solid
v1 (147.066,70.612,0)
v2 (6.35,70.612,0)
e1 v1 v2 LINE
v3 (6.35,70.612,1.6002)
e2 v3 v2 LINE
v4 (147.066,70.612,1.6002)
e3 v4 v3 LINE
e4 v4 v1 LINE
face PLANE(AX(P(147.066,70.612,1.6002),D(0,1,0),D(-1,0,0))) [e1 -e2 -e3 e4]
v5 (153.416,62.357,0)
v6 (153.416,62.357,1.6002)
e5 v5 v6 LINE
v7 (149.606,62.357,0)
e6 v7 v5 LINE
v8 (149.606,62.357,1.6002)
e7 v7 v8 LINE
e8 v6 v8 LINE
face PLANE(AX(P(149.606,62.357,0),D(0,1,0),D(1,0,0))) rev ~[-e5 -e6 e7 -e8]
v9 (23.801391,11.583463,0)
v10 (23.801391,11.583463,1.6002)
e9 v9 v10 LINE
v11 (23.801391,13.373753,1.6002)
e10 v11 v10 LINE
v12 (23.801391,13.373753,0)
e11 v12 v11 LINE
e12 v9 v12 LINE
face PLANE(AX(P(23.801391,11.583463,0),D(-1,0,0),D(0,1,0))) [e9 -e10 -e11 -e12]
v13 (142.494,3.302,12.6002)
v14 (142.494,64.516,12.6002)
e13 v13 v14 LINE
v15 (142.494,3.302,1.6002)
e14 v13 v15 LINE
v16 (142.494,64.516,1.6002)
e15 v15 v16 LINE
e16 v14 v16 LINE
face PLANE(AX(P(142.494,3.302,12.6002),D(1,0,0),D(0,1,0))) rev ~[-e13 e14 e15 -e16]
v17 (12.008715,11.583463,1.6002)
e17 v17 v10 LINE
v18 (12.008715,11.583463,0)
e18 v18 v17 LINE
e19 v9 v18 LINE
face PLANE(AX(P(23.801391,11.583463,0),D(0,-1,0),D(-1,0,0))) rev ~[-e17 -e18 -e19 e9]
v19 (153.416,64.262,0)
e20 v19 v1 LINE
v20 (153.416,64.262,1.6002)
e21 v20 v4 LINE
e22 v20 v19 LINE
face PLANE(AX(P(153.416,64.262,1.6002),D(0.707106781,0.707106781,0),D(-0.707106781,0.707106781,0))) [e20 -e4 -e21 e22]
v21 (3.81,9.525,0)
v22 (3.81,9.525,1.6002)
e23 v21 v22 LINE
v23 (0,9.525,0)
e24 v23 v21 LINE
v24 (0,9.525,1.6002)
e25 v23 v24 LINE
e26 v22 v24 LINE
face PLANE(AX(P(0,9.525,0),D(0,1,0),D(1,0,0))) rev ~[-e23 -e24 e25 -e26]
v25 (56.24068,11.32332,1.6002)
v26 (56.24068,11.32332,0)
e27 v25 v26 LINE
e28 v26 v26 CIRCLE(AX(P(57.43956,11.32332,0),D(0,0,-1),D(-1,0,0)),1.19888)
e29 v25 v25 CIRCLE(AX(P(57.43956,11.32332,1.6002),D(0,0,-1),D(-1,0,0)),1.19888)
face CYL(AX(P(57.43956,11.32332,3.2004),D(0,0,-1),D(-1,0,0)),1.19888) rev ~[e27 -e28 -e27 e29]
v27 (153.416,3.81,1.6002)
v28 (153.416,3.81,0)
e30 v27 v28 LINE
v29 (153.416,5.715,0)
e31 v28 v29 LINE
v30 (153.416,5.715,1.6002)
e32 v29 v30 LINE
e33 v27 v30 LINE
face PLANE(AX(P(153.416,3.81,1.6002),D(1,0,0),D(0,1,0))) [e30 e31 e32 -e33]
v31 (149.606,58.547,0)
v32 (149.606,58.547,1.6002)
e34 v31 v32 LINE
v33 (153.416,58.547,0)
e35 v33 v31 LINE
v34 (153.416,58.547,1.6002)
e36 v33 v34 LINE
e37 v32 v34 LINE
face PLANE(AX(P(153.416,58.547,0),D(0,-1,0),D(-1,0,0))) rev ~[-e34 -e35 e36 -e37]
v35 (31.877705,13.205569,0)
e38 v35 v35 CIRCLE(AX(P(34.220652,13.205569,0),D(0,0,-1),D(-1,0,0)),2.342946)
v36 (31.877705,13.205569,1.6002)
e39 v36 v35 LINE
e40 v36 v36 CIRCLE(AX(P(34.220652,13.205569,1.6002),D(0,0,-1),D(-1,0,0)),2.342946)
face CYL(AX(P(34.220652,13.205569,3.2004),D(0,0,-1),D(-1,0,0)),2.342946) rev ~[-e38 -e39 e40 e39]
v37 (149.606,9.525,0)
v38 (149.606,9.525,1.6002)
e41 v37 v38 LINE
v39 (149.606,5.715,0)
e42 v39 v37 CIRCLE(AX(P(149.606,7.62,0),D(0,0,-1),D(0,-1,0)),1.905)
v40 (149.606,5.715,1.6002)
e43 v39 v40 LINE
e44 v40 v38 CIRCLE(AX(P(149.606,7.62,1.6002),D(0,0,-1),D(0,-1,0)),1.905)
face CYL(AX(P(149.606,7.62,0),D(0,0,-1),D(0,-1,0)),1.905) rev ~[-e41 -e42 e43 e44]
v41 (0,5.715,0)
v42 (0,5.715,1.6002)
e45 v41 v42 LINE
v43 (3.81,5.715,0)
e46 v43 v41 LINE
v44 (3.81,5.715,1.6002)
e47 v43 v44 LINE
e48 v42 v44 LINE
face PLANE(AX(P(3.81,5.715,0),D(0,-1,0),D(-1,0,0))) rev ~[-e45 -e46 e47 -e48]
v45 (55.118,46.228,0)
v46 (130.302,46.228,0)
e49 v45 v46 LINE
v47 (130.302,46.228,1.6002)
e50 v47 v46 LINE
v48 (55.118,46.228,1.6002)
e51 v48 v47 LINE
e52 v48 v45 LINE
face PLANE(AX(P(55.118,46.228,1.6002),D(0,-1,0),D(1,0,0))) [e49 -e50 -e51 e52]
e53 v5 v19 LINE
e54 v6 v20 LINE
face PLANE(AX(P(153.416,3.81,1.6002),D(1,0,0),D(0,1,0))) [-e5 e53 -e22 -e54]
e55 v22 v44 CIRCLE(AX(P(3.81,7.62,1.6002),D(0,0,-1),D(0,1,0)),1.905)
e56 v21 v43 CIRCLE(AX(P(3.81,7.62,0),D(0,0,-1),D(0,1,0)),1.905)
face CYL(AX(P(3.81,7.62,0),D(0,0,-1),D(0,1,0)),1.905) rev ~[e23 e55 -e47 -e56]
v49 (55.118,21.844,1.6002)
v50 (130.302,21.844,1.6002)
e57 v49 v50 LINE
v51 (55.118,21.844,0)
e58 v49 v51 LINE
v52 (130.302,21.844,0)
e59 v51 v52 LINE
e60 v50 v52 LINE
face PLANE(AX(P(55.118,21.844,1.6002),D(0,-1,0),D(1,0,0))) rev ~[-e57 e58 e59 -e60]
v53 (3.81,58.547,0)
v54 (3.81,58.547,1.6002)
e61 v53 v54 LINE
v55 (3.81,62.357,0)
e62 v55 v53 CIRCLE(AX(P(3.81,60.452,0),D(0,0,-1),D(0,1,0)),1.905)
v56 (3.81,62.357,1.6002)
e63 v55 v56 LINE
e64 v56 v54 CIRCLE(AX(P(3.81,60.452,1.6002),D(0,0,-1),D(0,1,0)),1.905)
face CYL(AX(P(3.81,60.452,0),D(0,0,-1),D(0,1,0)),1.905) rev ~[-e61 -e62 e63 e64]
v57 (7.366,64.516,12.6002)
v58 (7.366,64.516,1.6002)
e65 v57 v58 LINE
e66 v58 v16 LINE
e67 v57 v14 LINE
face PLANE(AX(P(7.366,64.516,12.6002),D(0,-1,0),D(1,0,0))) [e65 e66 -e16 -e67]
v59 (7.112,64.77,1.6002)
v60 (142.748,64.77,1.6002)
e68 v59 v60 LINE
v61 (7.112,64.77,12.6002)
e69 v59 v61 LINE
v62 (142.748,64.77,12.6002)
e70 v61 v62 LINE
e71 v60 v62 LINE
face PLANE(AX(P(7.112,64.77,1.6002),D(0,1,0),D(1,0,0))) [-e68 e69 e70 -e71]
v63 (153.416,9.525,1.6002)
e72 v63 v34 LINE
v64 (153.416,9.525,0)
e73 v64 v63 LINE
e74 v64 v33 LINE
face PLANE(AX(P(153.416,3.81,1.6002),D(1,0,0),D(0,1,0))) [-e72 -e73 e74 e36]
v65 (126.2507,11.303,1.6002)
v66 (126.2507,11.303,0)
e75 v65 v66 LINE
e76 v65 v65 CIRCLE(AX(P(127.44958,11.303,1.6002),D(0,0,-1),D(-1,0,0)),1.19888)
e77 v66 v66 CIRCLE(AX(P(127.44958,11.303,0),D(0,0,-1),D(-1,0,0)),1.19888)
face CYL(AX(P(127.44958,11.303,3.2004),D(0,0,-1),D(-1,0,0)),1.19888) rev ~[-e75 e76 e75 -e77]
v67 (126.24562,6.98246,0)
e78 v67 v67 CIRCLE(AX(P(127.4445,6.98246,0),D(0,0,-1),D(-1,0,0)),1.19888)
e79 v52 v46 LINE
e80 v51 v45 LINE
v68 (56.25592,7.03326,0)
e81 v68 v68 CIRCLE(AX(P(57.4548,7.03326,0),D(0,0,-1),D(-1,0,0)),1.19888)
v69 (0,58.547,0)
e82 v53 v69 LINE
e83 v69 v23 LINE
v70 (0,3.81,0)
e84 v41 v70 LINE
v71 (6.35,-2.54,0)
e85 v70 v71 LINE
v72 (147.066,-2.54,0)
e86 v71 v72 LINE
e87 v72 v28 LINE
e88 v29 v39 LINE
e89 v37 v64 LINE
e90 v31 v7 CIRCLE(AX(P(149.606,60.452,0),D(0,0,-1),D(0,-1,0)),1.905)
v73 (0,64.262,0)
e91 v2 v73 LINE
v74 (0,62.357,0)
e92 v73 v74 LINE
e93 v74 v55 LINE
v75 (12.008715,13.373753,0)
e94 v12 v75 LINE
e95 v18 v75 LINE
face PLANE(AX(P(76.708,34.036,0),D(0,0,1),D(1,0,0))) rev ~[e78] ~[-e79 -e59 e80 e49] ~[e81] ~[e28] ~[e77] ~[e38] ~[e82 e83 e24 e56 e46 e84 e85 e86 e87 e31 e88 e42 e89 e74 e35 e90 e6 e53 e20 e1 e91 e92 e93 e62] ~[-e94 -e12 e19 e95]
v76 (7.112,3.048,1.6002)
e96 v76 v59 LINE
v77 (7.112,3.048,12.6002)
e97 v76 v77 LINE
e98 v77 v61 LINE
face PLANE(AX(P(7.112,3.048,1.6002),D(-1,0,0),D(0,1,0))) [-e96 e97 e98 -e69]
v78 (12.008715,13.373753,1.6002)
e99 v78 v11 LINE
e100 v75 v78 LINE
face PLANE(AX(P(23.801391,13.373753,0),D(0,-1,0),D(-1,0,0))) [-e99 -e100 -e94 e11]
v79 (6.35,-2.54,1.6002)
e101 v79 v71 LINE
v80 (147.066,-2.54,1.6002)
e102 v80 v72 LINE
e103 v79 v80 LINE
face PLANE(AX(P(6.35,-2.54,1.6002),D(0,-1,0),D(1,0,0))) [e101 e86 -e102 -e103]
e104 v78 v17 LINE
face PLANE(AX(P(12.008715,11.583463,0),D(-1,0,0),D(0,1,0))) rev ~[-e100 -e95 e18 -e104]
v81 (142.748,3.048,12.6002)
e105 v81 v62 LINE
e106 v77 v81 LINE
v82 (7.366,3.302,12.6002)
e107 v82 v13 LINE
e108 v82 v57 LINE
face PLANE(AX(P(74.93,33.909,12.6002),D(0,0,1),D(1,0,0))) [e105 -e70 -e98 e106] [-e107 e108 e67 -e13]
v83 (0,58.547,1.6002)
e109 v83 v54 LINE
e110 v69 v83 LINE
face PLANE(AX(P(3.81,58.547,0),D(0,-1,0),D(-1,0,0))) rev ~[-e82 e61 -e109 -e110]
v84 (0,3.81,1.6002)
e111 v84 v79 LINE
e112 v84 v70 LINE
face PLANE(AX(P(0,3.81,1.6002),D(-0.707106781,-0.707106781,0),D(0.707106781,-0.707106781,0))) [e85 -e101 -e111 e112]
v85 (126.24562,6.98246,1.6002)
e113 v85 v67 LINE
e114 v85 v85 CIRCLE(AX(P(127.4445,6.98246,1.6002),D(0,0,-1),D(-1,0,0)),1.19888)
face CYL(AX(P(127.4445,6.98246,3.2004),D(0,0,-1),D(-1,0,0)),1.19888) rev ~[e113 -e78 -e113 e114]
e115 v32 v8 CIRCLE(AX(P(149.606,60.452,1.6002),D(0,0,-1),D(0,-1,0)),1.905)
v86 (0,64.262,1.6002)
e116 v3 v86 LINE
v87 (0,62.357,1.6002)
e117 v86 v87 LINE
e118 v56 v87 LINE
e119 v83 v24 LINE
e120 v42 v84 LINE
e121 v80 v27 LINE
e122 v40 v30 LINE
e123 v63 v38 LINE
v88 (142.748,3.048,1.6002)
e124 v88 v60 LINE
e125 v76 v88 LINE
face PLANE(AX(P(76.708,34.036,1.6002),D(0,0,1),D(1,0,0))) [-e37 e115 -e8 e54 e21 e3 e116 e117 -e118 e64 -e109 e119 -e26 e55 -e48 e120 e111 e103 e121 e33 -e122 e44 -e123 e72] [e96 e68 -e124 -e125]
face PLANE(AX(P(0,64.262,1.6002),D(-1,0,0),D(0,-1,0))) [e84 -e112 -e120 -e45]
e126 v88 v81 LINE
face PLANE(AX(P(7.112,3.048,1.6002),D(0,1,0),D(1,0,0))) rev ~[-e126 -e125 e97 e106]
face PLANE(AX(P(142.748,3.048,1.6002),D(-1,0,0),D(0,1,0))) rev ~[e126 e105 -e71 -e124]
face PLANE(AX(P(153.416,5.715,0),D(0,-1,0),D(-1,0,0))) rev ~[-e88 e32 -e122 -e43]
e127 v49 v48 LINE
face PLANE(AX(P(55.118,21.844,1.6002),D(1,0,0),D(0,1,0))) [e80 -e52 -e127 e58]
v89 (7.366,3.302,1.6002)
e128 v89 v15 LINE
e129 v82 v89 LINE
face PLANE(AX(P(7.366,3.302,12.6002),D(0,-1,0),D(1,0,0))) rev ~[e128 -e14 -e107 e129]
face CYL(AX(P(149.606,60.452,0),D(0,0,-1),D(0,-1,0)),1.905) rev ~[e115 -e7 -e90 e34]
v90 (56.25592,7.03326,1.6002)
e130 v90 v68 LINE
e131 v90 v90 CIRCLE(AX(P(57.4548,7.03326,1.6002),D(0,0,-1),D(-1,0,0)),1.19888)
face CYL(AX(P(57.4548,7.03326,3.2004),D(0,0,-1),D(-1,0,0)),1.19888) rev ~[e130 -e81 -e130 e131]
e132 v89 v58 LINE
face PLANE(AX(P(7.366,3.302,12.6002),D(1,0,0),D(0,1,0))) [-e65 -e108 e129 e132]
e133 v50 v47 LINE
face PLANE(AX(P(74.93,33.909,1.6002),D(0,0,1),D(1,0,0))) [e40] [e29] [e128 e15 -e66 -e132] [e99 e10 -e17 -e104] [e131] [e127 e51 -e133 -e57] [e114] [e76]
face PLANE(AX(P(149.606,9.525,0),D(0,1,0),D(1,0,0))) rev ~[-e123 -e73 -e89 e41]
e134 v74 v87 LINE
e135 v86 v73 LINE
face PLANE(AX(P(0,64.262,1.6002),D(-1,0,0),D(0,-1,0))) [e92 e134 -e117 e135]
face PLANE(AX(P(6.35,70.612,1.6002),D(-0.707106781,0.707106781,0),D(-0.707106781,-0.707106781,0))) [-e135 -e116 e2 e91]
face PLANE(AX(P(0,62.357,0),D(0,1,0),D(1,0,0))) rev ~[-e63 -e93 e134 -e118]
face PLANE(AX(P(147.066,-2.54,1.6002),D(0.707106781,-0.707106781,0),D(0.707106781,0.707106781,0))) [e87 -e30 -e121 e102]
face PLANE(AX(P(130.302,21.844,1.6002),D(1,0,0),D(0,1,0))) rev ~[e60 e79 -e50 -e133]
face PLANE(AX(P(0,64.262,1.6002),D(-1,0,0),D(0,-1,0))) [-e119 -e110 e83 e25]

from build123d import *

# Parameters (mm, degrees)
BOSS_EXTRUDE1_DEPTH      = 1.6002
CUT_EXTRUDE1_DEPTH       = 2.6002
CUT_EXTRUDE2_DEPTH       = 2.6002
CUT_EXTRUDE3_DEPTH       = 2.6002
CUT_EXTRUDE4_DEPTH       = 2.6002
SKETCH6_W                = 135.636
SKETCH6_H                = 61.722
BOSS_EXTRUDE2_DEPTH      = 11
SKETCH7_W                = 135.128
SKETCH7_H                = 61.214
CUT_EXTRUDE5_DEPTH       = 11
SKETCH8_W                = 75.184
SKETCH8_H                = 24.384
CUT_EXTRUDE6_DEPTH       = 2.6002
SKETCH9_W                = 11.792676588
SKETCH9_H                = 1.790289347
CUT_EXTRUDE7_DEPTH       = 13.6002
M2_CLEARANCE_HOLE1_D     = 2.39776
M2_CLEARANCE_HOLE1_DEPTH = 1.6002
M4_CLEARANCE_HOLE2_D     = 4.68589235
M4_CLEARANCE_HOLE2_DEPTH = 1.6002


with BuildPart() as part:
    # Sketch1 → Boss-Extrude1 (new body)
    with BuildSketch(Plane.XY.offset(1.6002)):
        Polygon((6.35, 70.612), (0, 64.262), (0, 3.81), (6.35, -2.54), (147.066, -2.54), (153.416, 3.81), (153.416, 64.262), (147.066, 70.612), align=None)
    extrude(amount=-BOSS_EXTRUDE1_DEPTH)

    # Sketch2 → Cut-Extrude1 (cut, through all)
    with BuildSketch(Plane(origin=(0, 0, 0), x_dir=(-1, 0, 0), z_dir=(0, 0, -1))):
        with BuildLine():
            Line((-153.416, 9.525), (-153.416, 5.715))
            Line((-153.416, 5.715), (-149.606, 5.715))
            ThreePointArc((-149.606, 5.715), (-147.701, 7.62), (-149.606, 9.525))
            Line((-149.606, 9.525), (-153.416, 9.525))
        make_face()
    extrude(amount=-CUT_EXTRUDE1_DEPTH, mode=Mode.SUBTRACT)

    # Sketch3 → Cut-Extrude2 (cut, through all)
    with BuildSketch(Plane(origin=(0, 0, 0), x_dir=(-1, 0, 0), z_dir=(0, 0, -1))):
        with BuildLine():
            Line((-153.416, 62.357), (-153.416, 58.547))
            Line((-153.416, 58.547), (-149.606, 58.547))
            ThreePointArc((-149.606, 58.547), (-147.701, 60.452), (-149.606, 62.357))
            Line((-149.606, 62.357), (-153.416, 62.357))
        make_face()
    extrude(amount=-CUT_EXTRUDE2_DEPTH, mode=Mode.SUBTRACT)

    # Sketch4 → Cut-Extrude3 (cut, through all)
    with BuildSketch(Plane(origin=(0, 0, 0), x_dir=(-1, 0, 0), z_dir=(0, 0, -1))):
        with BuildLine():
            Line((0, 58.547), (0, 62.357))
            Line((0, 62.357), (-3.81, 62.357))
            ThreePointArc((-3.81, 62.357), (-5.715, 60.452), (-3.81, 58.547))
            Line((-3.81, 58.547), (0, 58.547))
        make_face()
    extrude(amount=-CUT_EXTRUDE3_DEPTH, mode=Mode.SUBTRACT)

    # Sketch5 → Cut-Extrude4 (cut, through all)
    with BuildSketch(Plane(origin=(0, 0, 0), x_dir=(-1, 0, 0), z_dir=(0, 0, -1))):
        with BuildLine():
            Line((0, 5.715), (0, 9.525))
            Line((0, 9.525), (-3.81, 9.525))
            ThreePointArc((-3.81, 9.525), (-5.715, 7.62), (-3.81, 5.715))
            Line((-3.81, 5.715), (0, 5.715))
        make_face()
    extrude(amount=-CUT_EXTRUDE4_DEPTH, mode=Mode.SUBTRACT)

    # Sketch6 → Boss-Extrude2 (add)
    with BuildSketch(Plane.XY.offset(1.6002)):
        with Locations((74.93, 33.909)):
            Rectangle(SKETCH6_W, SKETCH6_H)
    extrude(amount=BOSS_EXTRUDE2_DEPTH)

    # Sketch7 → Cut-Extrude5 (cut)
    with BuildSketch(Plane.XY.offset(12.6002)):
        with Locations((74.93, 33.909)):
            Rectangle(SKETCH7_W, SKETCH7_H)
    extrude(amount=-CUT_EXTRUDE5_DEPTH, mode=Mode.SUBTRACT)

    # Sketch8 → Cut-Extrude6 (cut, through all)
    with BuildSketch(Plane.XY.offset(1.6002)):
        with Locations((92.71, 34.036)):
            Rectangle(SKETCH8_W, SKETCH8_H)
    extrude(amount=-CUT_EXTRUDE6_DEPTH, mode=Mode.SUBTRACT)

    # Sketch9 → Cut-Extrude7 (cut, through all)
    with BuildSketch(Plane(origin=(0, 0, 0), x_dir=(-1, 0, 0), z_dir=(0, 0, -1))):
        with Locations((-17.905053156, 12.47860787)):
            Rectangle(SKETCH9_W, SKETCH9_H)
    extrude(amount=-CUT_EXTRUDE7_DEPTH, mode=Mode.SUBTRACT)

    # M2 Clearance Hole1
    with Locations(Plane.XY.offset(1.6002)):
        with Locations((127.4445, 6.98246), (127.44958, 11.303), (57.4548, 7.03326), (57.43956, 11.32332)):
            Hole(M2_CLEARANCE_HOLE1_D / 2, depth=M2_CLEARANCE_HOLE1_DEPTH)

    # M4 Clearance Hole2
    with Locations(Plane.XY.offset(1.6002)):
        with Locations((34.22065157, 13.205568935)):
            Hole(M4_CLEARANCE_HOLE2_D / 2, depth=M4_CLEARANCE_HOLE2_DEPTH)


solid = part.part
